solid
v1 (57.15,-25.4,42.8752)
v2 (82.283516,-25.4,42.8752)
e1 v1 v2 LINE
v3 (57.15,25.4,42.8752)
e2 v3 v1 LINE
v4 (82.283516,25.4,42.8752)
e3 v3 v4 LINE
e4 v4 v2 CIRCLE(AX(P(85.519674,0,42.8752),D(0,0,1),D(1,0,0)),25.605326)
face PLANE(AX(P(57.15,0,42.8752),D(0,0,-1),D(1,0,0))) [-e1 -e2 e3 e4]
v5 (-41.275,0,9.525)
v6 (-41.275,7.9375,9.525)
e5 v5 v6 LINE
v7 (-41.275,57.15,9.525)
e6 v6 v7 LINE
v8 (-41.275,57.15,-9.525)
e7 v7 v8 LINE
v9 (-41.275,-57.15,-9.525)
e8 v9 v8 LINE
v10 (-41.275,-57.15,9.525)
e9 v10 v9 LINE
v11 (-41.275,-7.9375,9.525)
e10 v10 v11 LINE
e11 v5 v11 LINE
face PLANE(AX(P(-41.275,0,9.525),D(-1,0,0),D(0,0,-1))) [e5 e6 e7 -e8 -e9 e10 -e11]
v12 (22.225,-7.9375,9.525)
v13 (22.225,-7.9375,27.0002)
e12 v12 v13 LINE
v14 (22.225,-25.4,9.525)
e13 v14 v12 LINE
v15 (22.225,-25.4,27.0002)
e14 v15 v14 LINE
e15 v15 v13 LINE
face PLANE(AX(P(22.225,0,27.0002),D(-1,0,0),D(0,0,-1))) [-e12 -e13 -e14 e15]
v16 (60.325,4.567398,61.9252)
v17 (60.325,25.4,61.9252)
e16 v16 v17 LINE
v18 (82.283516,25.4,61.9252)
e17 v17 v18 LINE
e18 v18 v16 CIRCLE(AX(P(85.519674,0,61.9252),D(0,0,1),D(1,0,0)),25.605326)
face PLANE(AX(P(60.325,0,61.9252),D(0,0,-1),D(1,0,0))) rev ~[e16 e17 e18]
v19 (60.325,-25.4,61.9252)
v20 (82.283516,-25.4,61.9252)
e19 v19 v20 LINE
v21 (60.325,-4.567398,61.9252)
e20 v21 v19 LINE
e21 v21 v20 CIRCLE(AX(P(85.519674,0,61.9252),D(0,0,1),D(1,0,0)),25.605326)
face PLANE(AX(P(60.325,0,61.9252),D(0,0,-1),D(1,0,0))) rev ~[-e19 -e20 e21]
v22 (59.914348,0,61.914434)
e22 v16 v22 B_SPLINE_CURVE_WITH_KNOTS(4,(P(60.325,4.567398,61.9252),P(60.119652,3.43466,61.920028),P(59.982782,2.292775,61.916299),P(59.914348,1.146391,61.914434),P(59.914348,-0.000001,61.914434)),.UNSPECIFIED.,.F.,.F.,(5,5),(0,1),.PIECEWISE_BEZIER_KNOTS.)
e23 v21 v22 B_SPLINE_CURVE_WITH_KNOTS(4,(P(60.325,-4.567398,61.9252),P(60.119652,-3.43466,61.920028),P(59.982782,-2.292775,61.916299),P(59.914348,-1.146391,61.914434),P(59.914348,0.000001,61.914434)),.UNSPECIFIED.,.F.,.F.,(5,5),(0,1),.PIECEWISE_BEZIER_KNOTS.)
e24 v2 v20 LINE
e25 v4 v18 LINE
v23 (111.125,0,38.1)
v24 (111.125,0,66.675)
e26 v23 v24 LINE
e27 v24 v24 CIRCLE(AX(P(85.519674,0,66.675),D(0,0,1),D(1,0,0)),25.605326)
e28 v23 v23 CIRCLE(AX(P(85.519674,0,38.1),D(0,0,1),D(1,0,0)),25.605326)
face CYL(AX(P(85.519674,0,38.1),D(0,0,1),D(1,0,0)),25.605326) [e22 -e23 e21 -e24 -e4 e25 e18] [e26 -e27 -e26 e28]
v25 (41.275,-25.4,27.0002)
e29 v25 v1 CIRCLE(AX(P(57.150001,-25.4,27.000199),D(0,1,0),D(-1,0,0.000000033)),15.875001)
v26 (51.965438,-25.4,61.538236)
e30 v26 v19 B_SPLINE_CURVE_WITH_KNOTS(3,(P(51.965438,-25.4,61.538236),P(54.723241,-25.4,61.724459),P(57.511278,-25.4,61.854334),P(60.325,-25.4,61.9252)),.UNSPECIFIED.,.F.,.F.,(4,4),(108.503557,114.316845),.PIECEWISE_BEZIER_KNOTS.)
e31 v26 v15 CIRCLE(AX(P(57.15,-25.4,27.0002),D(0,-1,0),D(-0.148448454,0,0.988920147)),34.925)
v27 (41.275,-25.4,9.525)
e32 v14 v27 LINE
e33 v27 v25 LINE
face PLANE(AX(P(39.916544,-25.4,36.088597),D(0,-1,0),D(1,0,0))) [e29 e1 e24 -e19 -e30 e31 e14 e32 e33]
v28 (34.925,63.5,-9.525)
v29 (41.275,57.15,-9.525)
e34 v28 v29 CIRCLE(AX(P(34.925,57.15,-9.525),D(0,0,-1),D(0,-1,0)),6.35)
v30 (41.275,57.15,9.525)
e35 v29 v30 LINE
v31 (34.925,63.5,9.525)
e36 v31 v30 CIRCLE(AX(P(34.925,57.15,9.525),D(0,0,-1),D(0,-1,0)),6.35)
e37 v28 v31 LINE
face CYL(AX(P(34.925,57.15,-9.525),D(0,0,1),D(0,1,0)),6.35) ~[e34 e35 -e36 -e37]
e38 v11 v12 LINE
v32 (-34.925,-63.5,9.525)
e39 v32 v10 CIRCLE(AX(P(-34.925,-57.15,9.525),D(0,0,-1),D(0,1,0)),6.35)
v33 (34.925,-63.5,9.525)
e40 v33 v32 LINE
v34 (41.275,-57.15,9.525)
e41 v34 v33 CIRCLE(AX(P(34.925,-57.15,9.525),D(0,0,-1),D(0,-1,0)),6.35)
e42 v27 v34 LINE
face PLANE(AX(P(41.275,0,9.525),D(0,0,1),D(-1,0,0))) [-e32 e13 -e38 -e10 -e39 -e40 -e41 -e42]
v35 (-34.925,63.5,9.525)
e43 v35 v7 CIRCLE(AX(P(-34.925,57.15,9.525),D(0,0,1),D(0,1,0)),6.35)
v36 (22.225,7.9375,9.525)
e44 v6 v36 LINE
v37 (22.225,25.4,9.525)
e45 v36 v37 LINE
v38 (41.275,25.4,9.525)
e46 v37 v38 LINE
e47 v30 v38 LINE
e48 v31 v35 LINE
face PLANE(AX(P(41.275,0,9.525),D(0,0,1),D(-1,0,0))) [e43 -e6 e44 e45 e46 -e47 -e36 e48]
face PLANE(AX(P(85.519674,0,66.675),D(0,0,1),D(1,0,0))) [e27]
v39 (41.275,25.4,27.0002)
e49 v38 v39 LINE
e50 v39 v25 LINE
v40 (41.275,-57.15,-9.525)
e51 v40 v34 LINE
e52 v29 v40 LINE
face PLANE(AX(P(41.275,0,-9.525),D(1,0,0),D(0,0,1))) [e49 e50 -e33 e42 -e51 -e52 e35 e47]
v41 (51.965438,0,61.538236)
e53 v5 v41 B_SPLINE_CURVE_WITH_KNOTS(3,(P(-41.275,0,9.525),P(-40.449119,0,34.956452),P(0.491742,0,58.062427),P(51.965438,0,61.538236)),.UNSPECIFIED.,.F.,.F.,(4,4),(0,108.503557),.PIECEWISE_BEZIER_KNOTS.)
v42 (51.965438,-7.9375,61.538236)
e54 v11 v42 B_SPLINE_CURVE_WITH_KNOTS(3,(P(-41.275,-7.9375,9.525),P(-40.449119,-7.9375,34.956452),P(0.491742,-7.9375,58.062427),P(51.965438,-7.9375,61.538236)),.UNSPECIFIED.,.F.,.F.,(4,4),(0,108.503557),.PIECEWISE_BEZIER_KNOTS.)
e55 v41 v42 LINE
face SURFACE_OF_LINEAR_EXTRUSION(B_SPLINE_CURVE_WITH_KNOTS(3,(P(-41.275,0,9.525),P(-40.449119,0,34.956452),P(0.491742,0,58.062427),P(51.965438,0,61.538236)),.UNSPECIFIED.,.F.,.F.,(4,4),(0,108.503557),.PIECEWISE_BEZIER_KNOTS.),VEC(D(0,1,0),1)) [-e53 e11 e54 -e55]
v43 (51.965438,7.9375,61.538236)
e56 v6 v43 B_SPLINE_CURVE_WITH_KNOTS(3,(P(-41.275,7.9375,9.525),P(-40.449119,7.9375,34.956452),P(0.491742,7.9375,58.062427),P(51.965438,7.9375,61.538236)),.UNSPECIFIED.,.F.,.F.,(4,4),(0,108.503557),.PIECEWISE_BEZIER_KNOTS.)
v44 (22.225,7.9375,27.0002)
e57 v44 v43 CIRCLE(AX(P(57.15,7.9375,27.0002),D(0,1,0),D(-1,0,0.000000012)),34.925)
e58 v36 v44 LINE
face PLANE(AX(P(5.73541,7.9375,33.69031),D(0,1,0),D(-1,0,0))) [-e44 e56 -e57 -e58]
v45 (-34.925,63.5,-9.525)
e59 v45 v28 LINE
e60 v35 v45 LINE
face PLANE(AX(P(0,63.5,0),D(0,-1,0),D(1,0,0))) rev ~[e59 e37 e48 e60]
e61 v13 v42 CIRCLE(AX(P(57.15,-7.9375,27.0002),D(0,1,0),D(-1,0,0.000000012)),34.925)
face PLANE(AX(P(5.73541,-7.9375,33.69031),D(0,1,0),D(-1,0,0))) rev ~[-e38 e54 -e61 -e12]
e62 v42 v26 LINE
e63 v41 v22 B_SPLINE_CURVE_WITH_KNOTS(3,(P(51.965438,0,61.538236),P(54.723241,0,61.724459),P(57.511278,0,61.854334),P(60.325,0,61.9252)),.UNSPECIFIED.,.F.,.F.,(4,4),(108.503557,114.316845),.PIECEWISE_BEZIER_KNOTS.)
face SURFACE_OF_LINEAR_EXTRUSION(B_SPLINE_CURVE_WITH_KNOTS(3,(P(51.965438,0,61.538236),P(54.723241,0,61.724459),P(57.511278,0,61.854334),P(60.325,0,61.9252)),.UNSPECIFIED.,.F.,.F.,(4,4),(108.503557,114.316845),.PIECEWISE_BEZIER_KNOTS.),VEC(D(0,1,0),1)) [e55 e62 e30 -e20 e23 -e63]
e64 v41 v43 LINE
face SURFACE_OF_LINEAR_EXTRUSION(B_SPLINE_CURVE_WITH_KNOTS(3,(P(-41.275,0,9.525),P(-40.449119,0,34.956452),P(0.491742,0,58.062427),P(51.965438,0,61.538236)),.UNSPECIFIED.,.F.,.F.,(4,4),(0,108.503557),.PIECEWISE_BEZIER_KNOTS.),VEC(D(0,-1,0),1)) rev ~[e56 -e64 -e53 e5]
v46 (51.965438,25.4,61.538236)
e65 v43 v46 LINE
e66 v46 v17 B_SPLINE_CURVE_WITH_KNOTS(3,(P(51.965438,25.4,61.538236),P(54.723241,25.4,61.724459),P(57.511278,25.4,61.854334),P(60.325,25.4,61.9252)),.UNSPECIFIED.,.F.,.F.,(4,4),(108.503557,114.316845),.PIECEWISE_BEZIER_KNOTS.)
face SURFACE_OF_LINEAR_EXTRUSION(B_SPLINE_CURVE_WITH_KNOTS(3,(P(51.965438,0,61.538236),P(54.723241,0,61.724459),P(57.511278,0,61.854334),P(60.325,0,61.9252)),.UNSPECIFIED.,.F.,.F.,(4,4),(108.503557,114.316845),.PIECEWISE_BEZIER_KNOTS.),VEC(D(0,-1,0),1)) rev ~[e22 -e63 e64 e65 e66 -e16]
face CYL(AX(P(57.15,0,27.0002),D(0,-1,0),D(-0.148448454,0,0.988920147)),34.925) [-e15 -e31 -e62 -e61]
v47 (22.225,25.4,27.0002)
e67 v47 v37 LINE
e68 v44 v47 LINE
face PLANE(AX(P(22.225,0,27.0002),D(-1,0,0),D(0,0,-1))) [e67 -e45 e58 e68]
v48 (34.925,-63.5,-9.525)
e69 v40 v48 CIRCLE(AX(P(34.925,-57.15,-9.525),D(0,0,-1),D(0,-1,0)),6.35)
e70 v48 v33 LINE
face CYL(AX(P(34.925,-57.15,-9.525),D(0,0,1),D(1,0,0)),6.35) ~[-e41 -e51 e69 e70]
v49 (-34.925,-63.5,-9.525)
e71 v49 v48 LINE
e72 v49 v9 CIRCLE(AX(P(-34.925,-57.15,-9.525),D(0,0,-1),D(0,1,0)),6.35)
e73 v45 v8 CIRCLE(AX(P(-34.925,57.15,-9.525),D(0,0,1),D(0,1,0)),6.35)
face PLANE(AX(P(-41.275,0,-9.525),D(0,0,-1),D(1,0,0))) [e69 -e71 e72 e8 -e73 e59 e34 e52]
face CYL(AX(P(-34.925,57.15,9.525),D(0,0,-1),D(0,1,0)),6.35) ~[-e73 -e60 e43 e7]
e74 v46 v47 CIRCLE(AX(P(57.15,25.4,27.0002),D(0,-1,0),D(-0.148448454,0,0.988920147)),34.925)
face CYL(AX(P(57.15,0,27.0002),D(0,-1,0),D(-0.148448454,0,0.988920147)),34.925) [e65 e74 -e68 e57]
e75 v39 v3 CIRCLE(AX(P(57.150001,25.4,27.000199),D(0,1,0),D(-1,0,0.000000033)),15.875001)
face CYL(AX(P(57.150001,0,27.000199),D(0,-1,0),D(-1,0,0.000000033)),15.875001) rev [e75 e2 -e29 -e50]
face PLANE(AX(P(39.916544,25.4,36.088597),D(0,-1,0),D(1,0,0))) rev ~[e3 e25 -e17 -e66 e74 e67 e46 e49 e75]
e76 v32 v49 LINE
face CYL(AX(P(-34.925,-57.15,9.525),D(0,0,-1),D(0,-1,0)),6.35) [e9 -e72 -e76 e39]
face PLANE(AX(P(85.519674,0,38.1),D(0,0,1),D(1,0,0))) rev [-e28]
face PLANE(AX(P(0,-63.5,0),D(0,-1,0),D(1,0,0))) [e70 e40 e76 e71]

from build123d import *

# Parameters (mm, degrees)
F1_DEPTH = 63.5
F2_DEPTH = 7.9375
F3_R     = 6.35
F0_W     = 25.194674
F0_H     = 19.05
F4_DEPTH = 25.4


with BuildPart() as f1:
    # F0 (on Front) → F1 (new body, symmetric)
    with BuildSketch(Plane.XZ):
        Polygon((-41.275, -9.525), (41.275, -9.525), (41.275, 9.525), (22.225, 9.525), (-41.275, 9.525), align=None)
    extrude(amount=F1_DEPTH, both=True)

    # F0 (on Front) → F2 (join, symmetric)
    with BuildSketch(Plane.XZ):
        with BuildLine():
            add(Edge.make_bspline(
                [(-41.275, 9.525), (-40.449119, 34.956452), (0.491742, 58.062427), (51.965438, 61.538236)],
                knots=[0, 0, 0, 0, 108.503557, 108.503557, 108.503557, 108.503557], degree=3))
            Line((-41.275, 9.525), (22.225, 9.525))
            Line((22.225, 9.525), (22.225, 27.0002))
            ThreePointArc((22.225, 27.0002), (30.684679, 49.789285), (51.965438, 61.538236))
        make_face()
    extrude(amount=F2_DEPTH, both=True)

    # F3
    f3_edges = [f1.edges().sort_by_distance(p)[0] for p in [
        (41.275, -63.5, 0),
        (-41.275, -63.5, 0),
        (41.275, 63.5, 0),
        (-41.275, 63.5, 0),
    ]]
    fillet(f3_edges, radius=F3_R)

    # F0 (on Front) → F4 (join, symmetric)
    with BuildSketch(Plane.XZ):
        with BuildLine():
            Line((22.225, 9.525), (41.275, 9.525))
            Line((41.275, 9.525), (41.275, 27.0002))
            ThreePointArc((41.275, 27.0002), (45.92468, 38.22552), (57.15, 42.8752))
            Line((57.15, 42.8752), (60.325, 42.8752))
            Line((60.325, 42.8752), (60.325, 61.9252))
            add(Edge.make_bspline(
                [(51.965438, 61.538236), (54.723241, 61.724459), (57.511278, 61.854334), (60.325, 61.9252)],
                knots=[108.503557, 108.503557, 108.503557, 108.503557, 114.316845, 114.316845, 114.316845, 114.316845], degree=3))
            ThreePointArc((51.965438, 61.538236), (30.684679, 49.789285), (22.225, 27.0002))
            Line((22.225, 27.0002), (22.225, 9.525))
        make_face()
        with Locations((72.922337, 52.4002)):
            Rectangle(F0_W, F0_H)
    extrude(amount=F4_DEPTH, both=True)

    # F0 (on Front) → F5 (revolve)
    with BuildSketch(Plane.XZ):
        Polygon((85.519674, 66.675), (85.519674, 61.9252), (85.519674, 42.8752), (85.519674, 38.1), (111.125, 38.1), (111.125, 66.675), align=None)
    revolve(axis=Axis((85.519674, 0, 52.3875), (0, 0, 1)))


solid = f1.part
